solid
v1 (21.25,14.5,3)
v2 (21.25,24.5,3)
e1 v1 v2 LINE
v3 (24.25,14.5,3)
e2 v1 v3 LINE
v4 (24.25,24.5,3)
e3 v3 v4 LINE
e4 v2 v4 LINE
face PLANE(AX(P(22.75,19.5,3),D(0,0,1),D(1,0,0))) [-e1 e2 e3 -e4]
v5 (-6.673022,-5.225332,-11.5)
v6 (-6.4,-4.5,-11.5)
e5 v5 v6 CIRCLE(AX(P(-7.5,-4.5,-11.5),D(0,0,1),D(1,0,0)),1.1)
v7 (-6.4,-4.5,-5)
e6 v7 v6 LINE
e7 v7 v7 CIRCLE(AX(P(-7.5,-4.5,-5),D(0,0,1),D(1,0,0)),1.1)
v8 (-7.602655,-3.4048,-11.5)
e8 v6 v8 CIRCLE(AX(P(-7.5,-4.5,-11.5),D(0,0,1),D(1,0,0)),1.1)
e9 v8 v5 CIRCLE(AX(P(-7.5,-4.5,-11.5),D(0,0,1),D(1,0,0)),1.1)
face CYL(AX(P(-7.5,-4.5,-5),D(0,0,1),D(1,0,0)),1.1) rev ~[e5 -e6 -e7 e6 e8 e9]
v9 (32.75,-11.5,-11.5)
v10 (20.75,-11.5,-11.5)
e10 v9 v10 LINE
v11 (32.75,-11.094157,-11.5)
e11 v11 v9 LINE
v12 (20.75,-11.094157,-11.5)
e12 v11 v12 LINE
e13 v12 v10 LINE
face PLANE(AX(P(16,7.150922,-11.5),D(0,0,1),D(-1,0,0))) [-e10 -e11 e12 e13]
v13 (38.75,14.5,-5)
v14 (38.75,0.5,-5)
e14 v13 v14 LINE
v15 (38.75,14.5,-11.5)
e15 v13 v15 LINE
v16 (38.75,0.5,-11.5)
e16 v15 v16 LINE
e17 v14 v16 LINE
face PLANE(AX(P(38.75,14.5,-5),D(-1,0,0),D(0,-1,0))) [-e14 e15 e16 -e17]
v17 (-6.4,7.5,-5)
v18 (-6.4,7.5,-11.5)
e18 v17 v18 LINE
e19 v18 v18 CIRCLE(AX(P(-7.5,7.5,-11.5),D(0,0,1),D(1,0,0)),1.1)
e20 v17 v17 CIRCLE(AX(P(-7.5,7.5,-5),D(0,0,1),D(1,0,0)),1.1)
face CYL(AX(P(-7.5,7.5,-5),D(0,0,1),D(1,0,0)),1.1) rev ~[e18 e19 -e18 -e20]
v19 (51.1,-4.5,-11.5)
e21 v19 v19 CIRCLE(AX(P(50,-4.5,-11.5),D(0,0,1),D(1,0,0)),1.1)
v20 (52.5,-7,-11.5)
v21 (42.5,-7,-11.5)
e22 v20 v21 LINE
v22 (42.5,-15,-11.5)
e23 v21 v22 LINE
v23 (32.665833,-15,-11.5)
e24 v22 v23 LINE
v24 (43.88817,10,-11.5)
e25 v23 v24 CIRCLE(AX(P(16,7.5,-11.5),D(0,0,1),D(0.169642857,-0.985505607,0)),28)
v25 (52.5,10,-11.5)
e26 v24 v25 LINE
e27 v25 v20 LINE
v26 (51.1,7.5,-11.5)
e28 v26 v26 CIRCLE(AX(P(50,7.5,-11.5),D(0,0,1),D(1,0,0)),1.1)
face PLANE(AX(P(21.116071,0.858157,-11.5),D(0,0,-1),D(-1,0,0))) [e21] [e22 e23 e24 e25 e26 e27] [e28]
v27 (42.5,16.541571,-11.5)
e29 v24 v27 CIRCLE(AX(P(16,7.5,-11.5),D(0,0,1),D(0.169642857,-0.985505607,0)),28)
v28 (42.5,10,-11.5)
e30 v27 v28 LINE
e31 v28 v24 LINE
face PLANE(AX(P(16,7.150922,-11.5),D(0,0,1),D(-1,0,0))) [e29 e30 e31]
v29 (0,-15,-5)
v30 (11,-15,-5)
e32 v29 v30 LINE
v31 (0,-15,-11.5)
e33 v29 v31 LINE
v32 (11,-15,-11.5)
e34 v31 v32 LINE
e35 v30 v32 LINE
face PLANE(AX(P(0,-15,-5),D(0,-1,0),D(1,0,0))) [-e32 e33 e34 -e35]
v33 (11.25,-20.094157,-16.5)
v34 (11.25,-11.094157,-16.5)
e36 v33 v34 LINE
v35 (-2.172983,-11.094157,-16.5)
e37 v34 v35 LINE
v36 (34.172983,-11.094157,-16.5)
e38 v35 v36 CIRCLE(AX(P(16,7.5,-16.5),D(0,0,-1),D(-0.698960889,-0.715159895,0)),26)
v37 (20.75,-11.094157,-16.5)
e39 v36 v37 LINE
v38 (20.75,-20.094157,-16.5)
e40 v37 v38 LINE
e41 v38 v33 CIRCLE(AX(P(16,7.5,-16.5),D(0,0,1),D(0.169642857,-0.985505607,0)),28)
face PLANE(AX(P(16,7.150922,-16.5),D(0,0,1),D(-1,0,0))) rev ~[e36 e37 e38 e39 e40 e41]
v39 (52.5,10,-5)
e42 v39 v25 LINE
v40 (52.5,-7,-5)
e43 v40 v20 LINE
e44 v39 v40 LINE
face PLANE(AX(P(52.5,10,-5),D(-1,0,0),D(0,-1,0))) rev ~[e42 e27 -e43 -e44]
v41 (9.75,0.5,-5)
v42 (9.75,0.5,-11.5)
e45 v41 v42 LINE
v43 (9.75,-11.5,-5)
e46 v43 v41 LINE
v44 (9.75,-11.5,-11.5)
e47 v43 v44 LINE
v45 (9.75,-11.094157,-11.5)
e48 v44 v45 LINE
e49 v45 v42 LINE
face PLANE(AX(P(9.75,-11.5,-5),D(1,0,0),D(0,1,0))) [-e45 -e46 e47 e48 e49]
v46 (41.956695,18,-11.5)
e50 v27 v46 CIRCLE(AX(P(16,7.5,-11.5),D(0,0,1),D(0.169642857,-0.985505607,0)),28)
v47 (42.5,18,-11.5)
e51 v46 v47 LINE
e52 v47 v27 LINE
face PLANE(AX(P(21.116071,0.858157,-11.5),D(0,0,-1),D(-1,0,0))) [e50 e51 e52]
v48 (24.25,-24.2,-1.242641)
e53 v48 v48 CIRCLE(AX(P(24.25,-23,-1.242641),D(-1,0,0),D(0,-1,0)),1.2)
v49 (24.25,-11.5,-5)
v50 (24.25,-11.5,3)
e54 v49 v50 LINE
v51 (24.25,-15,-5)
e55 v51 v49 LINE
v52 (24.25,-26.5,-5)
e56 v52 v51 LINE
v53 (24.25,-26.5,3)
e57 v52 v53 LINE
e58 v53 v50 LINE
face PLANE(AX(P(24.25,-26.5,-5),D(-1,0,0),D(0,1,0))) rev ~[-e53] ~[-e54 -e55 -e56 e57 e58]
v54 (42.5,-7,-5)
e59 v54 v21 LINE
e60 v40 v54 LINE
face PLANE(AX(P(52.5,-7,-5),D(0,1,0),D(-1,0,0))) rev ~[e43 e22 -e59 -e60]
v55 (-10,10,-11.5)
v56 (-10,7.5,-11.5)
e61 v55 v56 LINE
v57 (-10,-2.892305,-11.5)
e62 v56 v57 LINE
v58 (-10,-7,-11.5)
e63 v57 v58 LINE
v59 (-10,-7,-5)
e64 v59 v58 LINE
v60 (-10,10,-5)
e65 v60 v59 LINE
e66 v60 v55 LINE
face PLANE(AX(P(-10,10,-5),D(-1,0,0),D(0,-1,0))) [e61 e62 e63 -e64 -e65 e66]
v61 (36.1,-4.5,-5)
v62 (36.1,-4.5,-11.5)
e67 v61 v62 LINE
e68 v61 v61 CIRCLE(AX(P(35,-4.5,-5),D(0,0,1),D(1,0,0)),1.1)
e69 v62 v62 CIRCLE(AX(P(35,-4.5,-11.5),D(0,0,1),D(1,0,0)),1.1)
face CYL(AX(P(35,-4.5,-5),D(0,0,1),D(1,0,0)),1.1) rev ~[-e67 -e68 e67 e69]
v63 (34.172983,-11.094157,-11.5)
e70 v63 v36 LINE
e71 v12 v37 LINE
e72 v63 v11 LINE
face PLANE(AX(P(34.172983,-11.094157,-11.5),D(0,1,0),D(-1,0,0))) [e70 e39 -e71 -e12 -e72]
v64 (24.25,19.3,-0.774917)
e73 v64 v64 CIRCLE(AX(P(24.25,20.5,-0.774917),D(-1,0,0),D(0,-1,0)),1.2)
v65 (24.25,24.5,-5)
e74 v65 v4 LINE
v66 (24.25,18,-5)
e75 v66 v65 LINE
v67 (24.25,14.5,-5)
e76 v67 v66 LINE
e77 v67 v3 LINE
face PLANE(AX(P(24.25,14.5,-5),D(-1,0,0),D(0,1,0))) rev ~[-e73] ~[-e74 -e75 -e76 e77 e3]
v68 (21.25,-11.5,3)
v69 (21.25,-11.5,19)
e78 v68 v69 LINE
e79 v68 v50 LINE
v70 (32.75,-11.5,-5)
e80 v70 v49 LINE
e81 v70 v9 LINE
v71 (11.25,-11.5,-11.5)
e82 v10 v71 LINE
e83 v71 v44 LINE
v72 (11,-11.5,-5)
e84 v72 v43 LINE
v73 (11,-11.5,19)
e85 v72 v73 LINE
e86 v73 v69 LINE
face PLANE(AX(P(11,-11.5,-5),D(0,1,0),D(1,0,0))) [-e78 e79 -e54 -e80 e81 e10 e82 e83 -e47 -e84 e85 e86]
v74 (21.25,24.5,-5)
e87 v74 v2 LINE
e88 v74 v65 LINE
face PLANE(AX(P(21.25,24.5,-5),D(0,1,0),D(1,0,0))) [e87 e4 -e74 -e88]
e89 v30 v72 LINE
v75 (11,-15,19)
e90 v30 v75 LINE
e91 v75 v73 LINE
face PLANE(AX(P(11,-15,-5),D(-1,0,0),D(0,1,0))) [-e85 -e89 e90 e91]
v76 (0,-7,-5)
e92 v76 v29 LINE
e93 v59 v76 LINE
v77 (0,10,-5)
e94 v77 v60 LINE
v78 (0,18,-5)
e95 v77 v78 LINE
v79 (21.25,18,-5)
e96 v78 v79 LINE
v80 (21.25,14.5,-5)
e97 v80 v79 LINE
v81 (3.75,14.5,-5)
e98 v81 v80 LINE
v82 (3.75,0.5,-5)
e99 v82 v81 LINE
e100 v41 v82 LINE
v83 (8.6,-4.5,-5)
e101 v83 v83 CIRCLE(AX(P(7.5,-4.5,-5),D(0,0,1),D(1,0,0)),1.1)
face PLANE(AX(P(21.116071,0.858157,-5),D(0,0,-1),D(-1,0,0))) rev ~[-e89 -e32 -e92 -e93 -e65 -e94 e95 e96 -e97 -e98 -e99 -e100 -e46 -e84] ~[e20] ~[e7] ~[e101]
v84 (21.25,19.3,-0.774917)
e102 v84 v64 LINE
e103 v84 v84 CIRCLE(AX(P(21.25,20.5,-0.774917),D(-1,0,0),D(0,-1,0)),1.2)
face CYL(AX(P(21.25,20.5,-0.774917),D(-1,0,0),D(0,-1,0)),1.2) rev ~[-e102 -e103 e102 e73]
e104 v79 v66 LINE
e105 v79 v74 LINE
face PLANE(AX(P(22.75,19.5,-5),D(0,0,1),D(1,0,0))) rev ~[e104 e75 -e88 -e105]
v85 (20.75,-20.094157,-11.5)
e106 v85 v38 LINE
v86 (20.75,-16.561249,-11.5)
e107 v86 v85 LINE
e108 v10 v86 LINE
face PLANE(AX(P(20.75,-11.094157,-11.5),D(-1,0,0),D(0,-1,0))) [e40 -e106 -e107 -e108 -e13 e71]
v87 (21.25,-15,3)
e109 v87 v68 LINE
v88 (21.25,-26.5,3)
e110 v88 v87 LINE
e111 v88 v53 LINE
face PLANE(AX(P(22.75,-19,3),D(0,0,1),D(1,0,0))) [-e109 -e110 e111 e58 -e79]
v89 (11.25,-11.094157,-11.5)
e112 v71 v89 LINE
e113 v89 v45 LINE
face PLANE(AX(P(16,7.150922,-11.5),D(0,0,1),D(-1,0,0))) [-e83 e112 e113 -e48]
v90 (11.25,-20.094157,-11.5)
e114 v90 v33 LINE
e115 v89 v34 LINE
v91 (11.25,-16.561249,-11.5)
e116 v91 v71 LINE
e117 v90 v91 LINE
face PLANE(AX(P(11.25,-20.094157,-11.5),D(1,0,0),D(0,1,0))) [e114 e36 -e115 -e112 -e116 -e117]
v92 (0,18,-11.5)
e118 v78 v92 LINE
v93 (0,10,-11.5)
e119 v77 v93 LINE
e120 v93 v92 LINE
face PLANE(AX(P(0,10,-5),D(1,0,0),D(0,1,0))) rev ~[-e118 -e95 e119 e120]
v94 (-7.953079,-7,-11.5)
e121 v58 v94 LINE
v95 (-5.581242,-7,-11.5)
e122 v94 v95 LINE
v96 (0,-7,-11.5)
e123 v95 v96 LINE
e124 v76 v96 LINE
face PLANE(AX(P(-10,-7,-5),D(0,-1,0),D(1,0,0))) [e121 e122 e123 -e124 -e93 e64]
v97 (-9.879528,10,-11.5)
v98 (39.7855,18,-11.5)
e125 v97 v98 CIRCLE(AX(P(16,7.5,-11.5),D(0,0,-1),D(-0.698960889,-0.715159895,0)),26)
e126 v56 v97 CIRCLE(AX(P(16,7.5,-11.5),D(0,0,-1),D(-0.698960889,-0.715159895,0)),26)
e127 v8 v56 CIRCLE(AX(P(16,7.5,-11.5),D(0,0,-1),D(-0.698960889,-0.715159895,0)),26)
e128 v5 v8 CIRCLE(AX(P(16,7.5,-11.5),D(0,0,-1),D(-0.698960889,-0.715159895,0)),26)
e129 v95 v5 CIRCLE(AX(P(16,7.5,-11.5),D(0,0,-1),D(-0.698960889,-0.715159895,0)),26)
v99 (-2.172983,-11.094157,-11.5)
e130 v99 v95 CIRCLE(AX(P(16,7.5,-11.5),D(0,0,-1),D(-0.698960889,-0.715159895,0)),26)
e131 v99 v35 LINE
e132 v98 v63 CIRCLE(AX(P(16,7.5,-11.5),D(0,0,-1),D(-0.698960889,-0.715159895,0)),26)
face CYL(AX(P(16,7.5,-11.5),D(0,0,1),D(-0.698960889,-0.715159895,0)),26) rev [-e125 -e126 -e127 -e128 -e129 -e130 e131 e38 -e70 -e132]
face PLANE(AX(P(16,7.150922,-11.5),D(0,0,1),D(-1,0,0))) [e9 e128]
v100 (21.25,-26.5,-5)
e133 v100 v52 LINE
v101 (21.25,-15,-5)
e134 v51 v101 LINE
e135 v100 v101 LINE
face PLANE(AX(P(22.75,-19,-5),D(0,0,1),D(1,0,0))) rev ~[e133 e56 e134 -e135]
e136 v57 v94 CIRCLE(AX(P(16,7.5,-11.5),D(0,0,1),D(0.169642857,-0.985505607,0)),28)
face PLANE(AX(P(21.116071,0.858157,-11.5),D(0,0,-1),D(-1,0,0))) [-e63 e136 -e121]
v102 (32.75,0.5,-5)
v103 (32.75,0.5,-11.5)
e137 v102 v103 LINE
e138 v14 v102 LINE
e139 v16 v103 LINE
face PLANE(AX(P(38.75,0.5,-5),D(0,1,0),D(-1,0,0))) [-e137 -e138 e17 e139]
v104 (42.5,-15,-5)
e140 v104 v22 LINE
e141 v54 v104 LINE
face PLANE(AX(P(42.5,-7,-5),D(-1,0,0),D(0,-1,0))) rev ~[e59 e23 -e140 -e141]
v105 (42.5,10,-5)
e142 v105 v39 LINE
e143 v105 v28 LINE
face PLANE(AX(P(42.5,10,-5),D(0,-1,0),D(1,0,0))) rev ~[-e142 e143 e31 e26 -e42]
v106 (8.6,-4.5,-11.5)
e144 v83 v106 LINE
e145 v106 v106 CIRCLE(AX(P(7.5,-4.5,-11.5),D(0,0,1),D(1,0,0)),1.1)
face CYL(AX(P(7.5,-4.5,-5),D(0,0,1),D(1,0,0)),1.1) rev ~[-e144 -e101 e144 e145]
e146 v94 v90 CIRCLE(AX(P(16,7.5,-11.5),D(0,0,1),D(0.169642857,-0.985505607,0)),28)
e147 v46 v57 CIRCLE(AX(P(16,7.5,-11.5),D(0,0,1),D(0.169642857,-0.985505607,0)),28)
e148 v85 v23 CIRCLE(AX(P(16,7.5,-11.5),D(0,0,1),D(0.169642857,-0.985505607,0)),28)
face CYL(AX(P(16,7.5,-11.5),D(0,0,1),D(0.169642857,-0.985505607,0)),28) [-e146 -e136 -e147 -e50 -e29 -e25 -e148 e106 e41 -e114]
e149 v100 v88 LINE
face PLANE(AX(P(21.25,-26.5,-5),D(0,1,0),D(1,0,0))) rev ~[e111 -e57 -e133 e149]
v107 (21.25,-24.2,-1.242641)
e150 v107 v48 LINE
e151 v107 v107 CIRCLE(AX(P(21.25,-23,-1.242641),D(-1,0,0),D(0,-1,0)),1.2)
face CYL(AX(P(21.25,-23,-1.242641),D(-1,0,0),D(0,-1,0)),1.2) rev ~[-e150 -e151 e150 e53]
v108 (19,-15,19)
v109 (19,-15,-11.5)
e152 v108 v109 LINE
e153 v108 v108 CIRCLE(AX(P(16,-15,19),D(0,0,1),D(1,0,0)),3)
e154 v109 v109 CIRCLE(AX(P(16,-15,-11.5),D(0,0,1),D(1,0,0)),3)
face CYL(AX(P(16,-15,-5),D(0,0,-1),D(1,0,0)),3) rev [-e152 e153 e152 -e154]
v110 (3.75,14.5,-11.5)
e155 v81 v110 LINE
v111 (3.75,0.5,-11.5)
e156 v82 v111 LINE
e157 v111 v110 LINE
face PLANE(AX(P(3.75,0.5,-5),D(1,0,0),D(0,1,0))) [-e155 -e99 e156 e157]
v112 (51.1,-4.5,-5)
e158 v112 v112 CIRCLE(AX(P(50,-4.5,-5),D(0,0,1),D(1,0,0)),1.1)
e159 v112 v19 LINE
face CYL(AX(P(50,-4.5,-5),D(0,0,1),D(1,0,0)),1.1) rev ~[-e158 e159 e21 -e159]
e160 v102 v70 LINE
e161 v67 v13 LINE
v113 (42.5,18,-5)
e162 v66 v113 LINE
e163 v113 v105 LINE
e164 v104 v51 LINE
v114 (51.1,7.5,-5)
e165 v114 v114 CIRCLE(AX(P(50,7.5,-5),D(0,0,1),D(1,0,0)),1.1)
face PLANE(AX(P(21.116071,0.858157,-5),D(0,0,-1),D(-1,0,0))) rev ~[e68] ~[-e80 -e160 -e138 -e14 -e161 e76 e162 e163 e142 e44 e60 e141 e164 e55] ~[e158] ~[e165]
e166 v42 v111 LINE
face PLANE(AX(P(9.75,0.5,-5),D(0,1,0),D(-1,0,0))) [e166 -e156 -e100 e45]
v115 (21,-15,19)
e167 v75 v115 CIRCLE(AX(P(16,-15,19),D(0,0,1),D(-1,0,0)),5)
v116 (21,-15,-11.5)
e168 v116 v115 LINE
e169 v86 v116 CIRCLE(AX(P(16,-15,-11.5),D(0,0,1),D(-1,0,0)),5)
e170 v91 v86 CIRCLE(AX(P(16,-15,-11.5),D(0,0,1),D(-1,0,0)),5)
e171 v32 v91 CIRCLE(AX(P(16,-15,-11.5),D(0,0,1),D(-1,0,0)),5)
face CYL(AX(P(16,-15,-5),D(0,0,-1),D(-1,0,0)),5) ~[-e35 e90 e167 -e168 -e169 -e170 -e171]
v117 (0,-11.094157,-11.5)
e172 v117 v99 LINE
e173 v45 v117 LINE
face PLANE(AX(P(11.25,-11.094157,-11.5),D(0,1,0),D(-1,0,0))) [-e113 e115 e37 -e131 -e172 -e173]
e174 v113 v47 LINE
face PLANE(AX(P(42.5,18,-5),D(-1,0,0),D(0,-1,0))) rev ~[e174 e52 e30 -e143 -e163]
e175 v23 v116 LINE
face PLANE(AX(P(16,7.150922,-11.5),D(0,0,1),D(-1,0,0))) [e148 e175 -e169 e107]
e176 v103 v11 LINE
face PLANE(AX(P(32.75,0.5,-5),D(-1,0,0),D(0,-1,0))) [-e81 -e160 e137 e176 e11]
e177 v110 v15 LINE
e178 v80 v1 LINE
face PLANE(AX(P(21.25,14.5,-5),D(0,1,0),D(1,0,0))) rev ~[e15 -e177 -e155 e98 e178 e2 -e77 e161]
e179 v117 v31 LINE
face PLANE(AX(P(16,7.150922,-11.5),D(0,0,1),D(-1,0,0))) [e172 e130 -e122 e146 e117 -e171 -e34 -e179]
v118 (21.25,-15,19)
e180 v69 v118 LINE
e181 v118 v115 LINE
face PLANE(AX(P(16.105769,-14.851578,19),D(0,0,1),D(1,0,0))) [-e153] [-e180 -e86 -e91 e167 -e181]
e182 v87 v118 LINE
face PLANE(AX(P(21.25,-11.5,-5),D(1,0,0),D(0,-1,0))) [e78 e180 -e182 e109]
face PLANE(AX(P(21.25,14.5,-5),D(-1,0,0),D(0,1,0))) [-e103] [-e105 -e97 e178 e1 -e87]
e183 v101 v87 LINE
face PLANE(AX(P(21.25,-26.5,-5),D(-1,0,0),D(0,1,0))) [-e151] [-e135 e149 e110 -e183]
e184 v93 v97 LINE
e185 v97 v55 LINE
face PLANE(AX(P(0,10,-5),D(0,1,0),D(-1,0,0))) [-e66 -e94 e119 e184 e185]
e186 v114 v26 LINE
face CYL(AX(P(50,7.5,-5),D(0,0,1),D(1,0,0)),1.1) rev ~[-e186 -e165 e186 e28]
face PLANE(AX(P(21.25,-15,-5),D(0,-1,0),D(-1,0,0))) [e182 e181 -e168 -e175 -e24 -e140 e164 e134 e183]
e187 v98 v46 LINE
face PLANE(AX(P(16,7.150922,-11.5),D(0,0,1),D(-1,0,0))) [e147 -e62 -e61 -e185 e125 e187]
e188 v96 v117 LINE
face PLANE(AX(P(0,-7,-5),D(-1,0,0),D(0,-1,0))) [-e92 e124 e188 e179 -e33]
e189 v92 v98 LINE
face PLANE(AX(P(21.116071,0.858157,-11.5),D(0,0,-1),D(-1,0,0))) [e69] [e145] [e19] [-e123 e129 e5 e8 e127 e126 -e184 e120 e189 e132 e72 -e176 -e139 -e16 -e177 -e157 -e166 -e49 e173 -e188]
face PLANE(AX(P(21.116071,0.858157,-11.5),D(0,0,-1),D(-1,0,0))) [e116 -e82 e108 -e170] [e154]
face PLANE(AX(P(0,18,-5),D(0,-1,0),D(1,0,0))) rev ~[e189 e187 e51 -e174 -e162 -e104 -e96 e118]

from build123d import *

# Parameters (mm, degrees)
SKETCH009_R     = 3
SKETCH009_R_2   = 1.1
PAD004_DEPTH    = 6.5
PAD005_DEPTH    = 5
SKETCH017_W     = 3
SKETCH017_H     = 10
SKETCH017_H_2   = 15
PAD010_DEPTH    = 8
SKETCH018_R     = 3
PAD011_DEPTH    = 24
SKETCH019_R     = 1.2
POCKET004_DEPTH = 3
SKETCH020_R     = 1.2
POCKET005_DEPTH = 3


with BuildPart() as part:
    # Sketch009 → Pad004 (new body)
    with BuildSketch(Plane.XY.offset(-5)):
        with BuildLine():
            Line((42.5, 10), (52.5, 10))
            Line((52.5, 10), (52.5, -7))
            Line((52.5, -7), (42.5, -7))
            Line((42.5, -7), (42.5, -15))
            Line((42.5, -15), (21, -15))
            ThreePointArc((11, -15), (16, -20), (21, -15))
            Line((0, -15), (11, -15))
            Line((0, -7), (0, -15))
            Line((-10, -7), (0, -7))
            Line((-10, 10), (-10, -7))
            Line((0, 10), (-10, 10))
            Line((0, 10), (0, 18))
            Line((0, 18), (42.5, 18))
            Line((42.5, 18), (42.5, 10))
        make_face()
        with Locations((16, -15)):
            Circle(SKETCH009_R, mode=Mode.SUBTRACT)
        with Locations((-7.5, -4.5)):
            Circle(SKETCH009_R_2, mode=Mode.SUBTRACT)
        with Locations((-7.5, 7.5)):
            Circle(SKETCH009_R_2, mode=Mode.SUBTRACT)
        with Locations((50, 7.5)):
            Circle(SKETCH009_R_2, mode=Mode.SUBTRACT)
        with Locations((50, -4.5)):
            Circle(SKETCH009_R_2, mode=Mode.SUBTRACT)
        with Locations((7.5, -4.5)):
            Circle(SKETCH009_R_2, mode=Mode.SUBTRACT)
        with Locations((35, -4.5)):
            Circle(SKETCH009_R_2, mode=Mode.SUBTRACT)
        Polygon((38.75, 14.5), (38.75, 0.5), (32.75, 0.5), (32.75, -11.5), (9.75, -11.5), (9.75, 0.5), (3.75, 0.5), (3.75, 14.5), align=None, mode=Mode.SUBTRACT)
    extrude(amount=-PAD004_DEPTH)

    # Sketch010 → Pad005 (new body)
    with BuildSketch(Plane(origin=(0, 0, -11.5), x_dir=(1, 0, 0), z_dir=(0, 0, -1))):
        with BuildLine():
            Line((11.25, 20.094157), (11.25, 11.094157))
            Line((11.25, 11.094157), (-2.172983, 11.094157))
            ThreePointArc((-2.172983, 11.094157), (16, -33.5), (34.172983, 11.094157))
            Line((34.172983, 11.094157), (20.75, 11.094157))
            Line((20.75, 11.094157), (20.75, 20.094157))
            ThreePointArc((20.75, 20.094157), (16, -35.5), (11.25, 20.094157))
        make_face()
    extrude(amount=PAD005_DEPTH)

    # Sketch017 → Pad010 (new body)
    with BuildSketch(Plane.XY.offset(-5)):
        with Locations((22.75, 19.5)):
            Rectangle(SKETCH017_W, SKETCH017_H)
        with Locations((22.75, -19)):
            Rectangle(SKETCH017_W, SKETCH017_H_2)
    extrude(amount=PAD010_DEPTH)

    # Sketch018 → Pad011 (new body)
    with BuildSketch(Plane.XY.offset(-5)):
        with BuildLine():
            ThreePointArc((11, -15), (16, -20), (21, -15))
            Line((21.25, -15), (21, -15))
            Line((21.25, -11.5), (21.25, -15))
            Line((11, -11.5), (21.25, -11.5))
            Line((11, -15), (11, -11.5))
        make_face()
        with Locations((16, -15)):
            Circle(SKETCH018_R, mode=Mode.SUBTRACT)
    extrude(amount=PAD011_DEPTH)

    # Sketch019 → Pocket004 (cut)
    with BuildSketch(Plane(origin=(21.25, 0, -5), x_dir=(0, -1, 0), z_dir=(-1, 0, 0))):
        with Locations((23, 3.757359)):
            Circle(SKETCH019_R)
    extrude(amount=-POCKET004_DEPTH, mode=Mode.SUBTRACT)

    # Sketch020 → Pocket005 (cut)
    with BuildSketch(Plane(origin=(21.25, 0, -5), x_dir=(0, -1, 0), z_dir=(-1, 0, 0))):
        with Locations((-20.5, 4.225083)):
            Circle(SKETCH020_R)
    extrude(amount=-POCKET005_DEPTH, mode=Mode.SUBTRACT)


solid = part.part
